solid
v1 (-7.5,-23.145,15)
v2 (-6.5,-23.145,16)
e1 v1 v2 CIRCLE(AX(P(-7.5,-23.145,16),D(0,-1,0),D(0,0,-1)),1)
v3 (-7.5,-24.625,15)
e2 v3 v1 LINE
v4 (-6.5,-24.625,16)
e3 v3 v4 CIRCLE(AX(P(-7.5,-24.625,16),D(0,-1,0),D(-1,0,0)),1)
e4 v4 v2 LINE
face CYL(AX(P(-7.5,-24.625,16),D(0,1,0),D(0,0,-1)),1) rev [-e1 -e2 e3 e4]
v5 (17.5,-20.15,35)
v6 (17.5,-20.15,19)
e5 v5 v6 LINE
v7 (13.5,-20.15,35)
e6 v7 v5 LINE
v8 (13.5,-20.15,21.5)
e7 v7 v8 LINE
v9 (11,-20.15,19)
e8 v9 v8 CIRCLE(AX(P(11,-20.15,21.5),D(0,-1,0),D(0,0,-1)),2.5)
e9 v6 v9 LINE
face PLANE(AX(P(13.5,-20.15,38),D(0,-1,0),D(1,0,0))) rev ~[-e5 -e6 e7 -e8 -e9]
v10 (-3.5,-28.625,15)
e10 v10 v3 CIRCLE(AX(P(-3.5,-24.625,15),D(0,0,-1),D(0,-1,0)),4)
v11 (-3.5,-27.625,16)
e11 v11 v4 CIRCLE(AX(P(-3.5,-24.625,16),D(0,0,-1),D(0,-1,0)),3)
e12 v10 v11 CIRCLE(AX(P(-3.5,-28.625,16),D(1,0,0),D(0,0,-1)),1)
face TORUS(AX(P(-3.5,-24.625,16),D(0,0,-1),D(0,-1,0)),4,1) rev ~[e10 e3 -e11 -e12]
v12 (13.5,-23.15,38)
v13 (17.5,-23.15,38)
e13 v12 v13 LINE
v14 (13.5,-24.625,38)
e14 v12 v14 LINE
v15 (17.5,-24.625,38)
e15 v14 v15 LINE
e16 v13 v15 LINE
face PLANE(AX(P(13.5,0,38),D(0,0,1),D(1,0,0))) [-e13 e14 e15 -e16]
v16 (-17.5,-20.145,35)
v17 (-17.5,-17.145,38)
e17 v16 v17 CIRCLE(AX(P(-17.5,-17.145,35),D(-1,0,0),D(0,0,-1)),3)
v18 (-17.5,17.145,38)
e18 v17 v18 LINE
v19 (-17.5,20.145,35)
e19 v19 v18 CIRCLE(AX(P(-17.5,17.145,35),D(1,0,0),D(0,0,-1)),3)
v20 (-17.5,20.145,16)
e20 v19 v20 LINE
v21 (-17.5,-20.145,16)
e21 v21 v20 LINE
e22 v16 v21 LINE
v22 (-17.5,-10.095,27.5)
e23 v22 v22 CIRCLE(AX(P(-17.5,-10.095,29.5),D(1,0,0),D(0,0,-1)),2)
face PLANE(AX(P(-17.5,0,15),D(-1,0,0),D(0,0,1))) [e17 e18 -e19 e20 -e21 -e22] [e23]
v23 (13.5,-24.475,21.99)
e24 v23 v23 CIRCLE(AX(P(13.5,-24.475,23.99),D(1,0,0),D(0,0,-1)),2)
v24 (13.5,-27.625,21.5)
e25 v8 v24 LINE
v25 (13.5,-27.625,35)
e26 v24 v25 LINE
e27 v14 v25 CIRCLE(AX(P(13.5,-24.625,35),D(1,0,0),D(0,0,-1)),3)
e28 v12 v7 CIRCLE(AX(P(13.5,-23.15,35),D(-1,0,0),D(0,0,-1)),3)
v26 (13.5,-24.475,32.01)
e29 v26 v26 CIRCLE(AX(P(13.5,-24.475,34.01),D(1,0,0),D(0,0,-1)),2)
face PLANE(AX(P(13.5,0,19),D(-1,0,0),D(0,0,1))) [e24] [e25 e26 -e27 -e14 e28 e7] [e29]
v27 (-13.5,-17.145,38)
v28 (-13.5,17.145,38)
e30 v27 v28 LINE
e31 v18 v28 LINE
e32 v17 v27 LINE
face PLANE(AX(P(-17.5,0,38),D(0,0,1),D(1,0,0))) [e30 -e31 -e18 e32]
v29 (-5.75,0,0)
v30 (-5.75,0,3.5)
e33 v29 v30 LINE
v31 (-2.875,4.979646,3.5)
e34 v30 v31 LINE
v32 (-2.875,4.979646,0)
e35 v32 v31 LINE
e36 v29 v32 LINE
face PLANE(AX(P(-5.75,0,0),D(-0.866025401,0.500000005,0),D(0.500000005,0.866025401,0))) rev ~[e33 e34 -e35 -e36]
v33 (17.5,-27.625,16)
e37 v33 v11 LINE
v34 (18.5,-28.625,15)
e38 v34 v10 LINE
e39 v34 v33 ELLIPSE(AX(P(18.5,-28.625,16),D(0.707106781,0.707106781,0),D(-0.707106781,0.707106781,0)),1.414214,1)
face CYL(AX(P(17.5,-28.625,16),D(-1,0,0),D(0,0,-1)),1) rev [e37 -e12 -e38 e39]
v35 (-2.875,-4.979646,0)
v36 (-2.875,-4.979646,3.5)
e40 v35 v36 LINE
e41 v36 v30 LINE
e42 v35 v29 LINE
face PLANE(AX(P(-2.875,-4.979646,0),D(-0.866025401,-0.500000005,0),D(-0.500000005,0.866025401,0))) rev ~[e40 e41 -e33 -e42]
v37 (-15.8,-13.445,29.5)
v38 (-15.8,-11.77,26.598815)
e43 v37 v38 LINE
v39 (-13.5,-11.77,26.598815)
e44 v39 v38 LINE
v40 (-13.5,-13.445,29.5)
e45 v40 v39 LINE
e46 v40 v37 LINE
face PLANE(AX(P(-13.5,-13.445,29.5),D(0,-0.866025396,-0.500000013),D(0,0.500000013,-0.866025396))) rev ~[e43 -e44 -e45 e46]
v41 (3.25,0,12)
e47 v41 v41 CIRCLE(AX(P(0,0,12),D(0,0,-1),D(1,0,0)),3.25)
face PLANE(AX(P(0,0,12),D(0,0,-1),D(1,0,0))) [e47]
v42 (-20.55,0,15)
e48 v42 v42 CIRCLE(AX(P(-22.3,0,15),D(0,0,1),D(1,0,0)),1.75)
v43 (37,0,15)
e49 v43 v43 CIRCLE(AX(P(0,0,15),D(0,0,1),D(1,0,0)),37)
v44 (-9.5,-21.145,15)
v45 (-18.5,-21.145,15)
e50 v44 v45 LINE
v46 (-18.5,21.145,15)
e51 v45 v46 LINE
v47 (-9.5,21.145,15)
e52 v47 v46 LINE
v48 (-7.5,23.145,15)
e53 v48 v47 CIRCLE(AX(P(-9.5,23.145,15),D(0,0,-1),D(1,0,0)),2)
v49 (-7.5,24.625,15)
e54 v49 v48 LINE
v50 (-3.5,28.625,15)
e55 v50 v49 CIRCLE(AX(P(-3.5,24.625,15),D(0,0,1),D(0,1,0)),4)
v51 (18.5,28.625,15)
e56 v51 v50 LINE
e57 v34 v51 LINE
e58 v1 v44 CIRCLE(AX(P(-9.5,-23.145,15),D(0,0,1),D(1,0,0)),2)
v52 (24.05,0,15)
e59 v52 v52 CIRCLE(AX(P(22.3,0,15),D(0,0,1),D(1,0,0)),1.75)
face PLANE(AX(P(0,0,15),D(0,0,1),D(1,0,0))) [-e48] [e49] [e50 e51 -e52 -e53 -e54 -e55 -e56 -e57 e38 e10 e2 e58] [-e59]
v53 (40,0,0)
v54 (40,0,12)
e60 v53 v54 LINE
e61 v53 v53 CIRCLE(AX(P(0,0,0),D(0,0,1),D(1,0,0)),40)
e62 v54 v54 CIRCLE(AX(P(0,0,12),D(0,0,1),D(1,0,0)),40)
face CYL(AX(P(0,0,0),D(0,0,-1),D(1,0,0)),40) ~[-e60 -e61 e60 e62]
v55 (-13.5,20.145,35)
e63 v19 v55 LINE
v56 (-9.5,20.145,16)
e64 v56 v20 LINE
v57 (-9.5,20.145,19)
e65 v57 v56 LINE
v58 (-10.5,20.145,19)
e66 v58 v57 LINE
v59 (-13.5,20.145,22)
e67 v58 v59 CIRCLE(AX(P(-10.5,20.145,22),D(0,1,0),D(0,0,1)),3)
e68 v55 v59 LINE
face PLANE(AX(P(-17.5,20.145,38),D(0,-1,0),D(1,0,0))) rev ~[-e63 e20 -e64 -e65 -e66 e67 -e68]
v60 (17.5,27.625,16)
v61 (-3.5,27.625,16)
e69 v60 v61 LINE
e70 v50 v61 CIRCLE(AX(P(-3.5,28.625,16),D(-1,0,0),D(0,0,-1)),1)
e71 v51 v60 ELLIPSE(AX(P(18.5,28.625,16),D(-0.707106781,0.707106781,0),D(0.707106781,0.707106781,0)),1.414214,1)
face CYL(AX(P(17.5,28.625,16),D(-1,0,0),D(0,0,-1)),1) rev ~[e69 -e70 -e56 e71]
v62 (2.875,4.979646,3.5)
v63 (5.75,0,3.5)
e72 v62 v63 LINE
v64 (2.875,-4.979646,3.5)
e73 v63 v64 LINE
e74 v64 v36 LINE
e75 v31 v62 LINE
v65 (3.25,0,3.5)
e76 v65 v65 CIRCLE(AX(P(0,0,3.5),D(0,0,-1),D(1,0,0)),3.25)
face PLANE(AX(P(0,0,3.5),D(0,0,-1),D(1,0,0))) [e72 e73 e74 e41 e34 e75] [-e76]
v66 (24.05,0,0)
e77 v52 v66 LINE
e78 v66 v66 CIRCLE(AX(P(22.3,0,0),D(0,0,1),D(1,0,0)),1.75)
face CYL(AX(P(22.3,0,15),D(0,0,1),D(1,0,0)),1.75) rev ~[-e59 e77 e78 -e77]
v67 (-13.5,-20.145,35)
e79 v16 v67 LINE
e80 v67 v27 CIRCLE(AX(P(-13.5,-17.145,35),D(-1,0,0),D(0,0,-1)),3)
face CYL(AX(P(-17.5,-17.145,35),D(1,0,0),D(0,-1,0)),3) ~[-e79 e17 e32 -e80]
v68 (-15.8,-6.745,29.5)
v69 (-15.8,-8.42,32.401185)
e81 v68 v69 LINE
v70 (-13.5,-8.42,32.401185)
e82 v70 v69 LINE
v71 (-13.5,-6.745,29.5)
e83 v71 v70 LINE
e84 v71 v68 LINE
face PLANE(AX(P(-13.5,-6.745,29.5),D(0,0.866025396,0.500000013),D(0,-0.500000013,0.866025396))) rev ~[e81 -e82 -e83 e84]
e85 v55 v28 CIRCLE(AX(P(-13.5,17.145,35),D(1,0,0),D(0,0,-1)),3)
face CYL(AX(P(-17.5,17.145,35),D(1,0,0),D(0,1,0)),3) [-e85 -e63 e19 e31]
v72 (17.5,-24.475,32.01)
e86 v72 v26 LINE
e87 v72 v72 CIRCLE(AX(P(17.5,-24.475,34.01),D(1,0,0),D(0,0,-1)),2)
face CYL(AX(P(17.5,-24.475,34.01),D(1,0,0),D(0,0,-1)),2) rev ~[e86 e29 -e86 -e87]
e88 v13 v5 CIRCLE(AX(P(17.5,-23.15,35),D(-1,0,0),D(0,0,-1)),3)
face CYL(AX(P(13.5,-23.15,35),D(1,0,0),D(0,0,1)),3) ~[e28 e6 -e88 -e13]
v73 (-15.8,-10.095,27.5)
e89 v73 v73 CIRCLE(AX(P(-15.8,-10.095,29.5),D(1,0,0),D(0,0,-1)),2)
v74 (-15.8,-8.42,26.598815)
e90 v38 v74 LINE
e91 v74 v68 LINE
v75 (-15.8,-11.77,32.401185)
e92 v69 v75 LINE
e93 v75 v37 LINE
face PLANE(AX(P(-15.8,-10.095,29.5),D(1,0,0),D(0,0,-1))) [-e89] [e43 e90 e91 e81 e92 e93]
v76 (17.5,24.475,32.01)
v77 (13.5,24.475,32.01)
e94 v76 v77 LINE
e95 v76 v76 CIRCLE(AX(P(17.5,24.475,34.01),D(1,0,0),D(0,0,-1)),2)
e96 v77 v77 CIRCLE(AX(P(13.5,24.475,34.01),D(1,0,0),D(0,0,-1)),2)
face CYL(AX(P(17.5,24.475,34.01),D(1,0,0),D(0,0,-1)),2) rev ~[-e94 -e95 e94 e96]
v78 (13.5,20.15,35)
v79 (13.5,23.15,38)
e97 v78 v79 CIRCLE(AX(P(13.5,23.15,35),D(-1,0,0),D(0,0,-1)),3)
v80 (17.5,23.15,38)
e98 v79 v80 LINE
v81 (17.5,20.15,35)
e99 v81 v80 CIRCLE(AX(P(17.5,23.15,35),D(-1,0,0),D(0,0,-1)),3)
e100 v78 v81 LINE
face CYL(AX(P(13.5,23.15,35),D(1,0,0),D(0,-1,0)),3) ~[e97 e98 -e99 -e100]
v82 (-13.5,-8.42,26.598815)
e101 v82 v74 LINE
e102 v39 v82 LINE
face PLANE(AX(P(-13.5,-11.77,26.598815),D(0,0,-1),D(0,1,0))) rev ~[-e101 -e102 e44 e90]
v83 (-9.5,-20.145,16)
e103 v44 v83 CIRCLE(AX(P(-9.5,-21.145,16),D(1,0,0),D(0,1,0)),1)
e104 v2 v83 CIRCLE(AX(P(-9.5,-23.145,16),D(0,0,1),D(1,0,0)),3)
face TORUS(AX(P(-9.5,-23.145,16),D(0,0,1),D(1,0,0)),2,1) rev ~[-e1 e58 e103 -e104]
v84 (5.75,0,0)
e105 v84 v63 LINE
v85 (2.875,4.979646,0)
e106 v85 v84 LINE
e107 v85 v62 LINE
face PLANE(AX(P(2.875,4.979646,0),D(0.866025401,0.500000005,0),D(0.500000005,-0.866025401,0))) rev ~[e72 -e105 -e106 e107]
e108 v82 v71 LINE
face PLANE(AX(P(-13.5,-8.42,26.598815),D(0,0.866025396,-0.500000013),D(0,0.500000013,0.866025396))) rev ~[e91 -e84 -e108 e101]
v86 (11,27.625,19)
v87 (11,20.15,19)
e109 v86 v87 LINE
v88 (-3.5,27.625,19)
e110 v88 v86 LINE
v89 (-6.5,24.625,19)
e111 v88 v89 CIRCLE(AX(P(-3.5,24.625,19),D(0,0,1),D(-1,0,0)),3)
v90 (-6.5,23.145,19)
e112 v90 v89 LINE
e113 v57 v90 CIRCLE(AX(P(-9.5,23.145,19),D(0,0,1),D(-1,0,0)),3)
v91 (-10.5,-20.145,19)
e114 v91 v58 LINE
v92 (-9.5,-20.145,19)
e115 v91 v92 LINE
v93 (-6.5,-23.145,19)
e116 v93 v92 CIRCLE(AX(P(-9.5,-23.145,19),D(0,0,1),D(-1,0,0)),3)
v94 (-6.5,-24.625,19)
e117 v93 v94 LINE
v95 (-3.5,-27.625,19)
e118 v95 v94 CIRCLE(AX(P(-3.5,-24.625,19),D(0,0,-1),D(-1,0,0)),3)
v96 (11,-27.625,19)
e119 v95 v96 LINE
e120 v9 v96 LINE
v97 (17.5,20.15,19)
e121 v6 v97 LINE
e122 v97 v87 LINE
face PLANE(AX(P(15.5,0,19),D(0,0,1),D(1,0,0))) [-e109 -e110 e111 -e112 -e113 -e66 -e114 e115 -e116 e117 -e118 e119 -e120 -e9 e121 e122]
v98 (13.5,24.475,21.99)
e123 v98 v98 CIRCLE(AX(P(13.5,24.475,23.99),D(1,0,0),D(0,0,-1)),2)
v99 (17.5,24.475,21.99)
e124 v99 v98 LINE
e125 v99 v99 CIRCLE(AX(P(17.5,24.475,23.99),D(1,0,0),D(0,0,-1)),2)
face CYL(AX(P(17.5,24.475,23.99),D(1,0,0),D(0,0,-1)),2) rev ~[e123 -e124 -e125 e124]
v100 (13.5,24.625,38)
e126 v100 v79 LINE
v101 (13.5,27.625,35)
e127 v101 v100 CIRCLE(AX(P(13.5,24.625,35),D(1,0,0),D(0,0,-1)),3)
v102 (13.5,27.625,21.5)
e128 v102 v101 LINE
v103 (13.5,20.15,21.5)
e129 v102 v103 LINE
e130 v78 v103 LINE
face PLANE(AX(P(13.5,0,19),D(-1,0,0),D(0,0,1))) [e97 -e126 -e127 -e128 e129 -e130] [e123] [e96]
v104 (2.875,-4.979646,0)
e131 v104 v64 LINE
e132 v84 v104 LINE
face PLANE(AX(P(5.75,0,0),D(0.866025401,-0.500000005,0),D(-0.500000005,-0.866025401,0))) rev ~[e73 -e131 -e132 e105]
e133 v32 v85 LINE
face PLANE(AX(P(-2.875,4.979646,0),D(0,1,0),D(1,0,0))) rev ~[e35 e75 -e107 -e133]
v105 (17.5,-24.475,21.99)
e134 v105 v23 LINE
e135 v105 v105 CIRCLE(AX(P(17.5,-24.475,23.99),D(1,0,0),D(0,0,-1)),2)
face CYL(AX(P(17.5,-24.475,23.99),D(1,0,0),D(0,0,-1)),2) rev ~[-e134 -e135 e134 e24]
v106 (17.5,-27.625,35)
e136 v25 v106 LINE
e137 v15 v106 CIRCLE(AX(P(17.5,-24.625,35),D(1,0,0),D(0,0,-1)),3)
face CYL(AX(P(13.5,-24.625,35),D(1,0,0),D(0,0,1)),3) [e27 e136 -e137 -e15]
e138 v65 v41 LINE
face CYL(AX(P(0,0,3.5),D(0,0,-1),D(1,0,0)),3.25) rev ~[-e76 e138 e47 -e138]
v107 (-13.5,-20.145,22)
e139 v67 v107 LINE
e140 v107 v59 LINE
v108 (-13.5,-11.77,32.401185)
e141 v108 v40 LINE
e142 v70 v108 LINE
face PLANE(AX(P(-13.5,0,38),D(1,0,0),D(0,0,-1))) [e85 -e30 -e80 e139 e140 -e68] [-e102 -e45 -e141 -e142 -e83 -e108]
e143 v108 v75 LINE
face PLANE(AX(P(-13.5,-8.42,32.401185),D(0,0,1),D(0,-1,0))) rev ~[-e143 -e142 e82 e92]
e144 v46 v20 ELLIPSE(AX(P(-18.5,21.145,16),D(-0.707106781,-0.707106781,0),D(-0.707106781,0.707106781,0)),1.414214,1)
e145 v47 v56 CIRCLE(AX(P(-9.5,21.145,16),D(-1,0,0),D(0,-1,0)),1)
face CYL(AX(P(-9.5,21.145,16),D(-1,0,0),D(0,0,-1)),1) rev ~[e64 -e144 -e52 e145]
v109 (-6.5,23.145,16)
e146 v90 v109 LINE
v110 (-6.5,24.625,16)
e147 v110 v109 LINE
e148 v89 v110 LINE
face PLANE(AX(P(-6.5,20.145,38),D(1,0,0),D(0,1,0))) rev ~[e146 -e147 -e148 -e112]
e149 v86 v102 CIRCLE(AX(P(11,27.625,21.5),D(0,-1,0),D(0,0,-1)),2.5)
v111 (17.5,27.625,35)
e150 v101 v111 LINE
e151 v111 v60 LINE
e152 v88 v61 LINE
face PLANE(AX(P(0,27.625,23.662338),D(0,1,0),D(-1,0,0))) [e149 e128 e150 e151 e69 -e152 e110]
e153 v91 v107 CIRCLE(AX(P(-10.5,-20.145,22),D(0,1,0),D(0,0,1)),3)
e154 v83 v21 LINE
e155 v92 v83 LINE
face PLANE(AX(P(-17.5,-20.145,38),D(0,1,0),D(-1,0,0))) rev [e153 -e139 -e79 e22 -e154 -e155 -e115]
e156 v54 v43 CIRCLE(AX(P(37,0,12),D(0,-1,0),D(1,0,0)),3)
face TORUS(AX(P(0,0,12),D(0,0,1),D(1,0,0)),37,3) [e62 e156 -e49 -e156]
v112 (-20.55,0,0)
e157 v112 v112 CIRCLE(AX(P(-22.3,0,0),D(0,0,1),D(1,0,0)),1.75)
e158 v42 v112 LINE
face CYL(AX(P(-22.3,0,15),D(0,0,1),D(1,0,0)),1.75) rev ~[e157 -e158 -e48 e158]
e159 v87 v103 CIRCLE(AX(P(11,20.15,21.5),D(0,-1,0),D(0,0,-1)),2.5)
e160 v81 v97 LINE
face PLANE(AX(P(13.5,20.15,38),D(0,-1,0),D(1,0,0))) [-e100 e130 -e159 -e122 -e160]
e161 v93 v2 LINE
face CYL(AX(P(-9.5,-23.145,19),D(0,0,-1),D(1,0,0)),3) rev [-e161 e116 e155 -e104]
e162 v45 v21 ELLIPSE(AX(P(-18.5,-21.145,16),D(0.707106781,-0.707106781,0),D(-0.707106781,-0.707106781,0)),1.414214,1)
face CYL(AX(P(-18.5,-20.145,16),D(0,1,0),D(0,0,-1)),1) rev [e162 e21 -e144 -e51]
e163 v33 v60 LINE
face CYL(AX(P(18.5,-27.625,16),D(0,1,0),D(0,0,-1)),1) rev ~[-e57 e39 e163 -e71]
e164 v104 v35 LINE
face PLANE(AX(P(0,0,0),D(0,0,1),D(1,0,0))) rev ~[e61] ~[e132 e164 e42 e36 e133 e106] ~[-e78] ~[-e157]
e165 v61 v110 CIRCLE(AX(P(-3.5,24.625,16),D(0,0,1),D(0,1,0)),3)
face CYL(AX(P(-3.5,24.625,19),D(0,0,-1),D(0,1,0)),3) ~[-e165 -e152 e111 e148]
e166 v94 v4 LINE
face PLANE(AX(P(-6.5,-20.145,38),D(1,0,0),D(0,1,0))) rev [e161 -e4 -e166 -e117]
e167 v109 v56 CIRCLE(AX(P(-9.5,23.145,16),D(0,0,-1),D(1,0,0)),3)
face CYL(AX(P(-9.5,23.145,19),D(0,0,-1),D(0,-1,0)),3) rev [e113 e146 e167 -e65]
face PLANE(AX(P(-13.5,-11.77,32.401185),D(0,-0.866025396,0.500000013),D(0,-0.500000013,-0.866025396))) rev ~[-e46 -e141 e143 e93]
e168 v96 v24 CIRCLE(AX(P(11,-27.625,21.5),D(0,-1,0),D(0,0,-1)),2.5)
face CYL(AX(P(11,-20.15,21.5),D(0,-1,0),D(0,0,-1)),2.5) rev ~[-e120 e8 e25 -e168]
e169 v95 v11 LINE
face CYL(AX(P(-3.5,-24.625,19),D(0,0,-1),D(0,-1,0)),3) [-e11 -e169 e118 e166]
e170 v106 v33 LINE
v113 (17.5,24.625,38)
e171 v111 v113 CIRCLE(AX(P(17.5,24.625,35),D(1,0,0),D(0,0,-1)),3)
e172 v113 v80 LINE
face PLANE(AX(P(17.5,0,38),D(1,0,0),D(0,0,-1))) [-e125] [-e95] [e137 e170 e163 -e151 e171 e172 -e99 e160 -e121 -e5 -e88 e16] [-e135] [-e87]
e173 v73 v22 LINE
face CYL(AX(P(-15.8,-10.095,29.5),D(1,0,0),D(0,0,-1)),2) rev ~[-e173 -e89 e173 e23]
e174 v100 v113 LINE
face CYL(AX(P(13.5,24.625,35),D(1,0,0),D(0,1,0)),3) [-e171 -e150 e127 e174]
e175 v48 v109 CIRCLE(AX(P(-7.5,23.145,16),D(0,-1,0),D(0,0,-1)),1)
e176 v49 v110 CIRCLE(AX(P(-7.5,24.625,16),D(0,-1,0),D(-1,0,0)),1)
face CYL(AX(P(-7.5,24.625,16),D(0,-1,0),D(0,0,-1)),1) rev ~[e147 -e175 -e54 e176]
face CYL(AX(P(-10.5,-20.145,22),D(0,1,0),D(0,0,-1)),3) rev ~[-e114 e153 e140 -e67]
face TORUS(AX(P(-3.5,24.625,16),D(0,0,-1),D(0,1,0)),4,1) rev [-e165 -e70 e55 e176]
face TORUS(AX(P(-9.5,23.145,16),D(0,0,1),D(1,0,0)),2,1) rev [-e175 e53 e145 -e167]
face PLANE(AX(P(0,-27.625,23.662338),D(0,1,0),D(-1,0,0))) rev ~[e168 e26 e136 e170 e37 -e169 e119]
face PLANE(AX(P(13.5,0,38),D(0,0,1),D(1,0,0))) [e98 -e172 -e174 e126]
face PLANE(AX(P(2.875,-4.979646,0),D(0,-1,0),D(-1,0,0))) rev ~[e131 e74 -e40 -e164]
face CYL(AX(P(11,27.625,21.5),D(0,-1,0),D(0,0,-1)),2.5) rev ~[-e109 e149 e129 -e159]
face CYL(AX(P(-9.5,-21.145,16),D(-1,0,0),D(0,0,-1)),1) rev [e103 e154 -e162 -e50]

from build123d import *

# Parameters (mm, degrees)
PAD001_DEPTH            = 27.625
SKETCH006_W             = 4
SKETCH006_H             = 40.3
POCKET003_DEPTH         = 19
SKETCH007_W             = 11
SKETCH007_H             = 7.48
POCKET004_DEPTH         = 161.659754
SKETCH008_R             = 2
POCKET005_DEPTH         = 5
POCKET006_DEPTH         = 2.3
SKETCH010_R             = 2
POCKET007_DEPTH         = 1.7
FILLET001_R             = 3
FILLET002_R             = 2.5
BODY001_PLACEMENT_ANGLE = 90
SKETCH_R                = 40
PAD_DEPTH               = 15
POCKET_DEPTH            = 3.5
SKETCH002_R             = 3.25
POCKET001_DEPTH         = 8.5
SKETCH003_R             = 1.75
POCKET002_DEPTH         = 15.001
FILLET_R                = 3
FILLET003_R             = 1


with BuildPart() as body001:
    # Sketch005 → Pad001 (new body, symmetric)
    with BuildSketch(Plane.YZ):
        Polygon((-17.5, 23), (-17.5, 0), (17.5, 0), (17.5, 23), (13.5, 23), (13.5, 4), (-13.5, 4), (-13.5, 23), align=None)
    extrude(amount=PAD001_DEPTH, both=True)

    # Sketch006 (on Face8 of Pad001) → Pocket003 (cut)
    with BuildSketch(Plane(origin=(0, 0, 23), x_dir=(0, -1, 0), z_dir=(0, 0, 1))):
        with Locations((15.5, 0)):
            Rectangle(SKETCH006_W, SKETCH006_H)
    extrude(amount=-POCKET003_DEPTH, mode=Mode.SUBTRACT)

    # Sketch007 (on Face11 of Pocket003) → Pocket004 (cut, through all)
    with BuildSketch(Plane(origin=(0, 0, 23), x_dir=(0, -1, 0), z_dir=(0, 0, 1))):
        with Locations((-12, 23.885)):
            Rectangle(SKETCH007_W, SKETCH007_H)
    pocket004 = extrude(amount=-POCKET004_DEPTH, mode=Mode.SUBTRACT)

    # Mirrored: Pocket004 across YZ
    add(pocket004.mirror(Plane.YZ), mode=Mode.SUBTRACT)

    # Sketch008 (on Face1 of Mirrored) → Pocket005 (cut)
    with BuildSketch(Plane(origin=(0, -17.5, 0), x_dir=(0, 0, -1), z_dir=(0, -1, 0))):
        with Locations((-19.01, -24.475)):
            Circle(SKETCH008_R)
        with Locations((-8.99, -24.475)):
            Circle(SKETCH008_R)
        with Locations((-8.99, 24.475)):
            Circle(SKETCH008_R)
        with Locations((-19.01, 24.475)):
            Circle(SKETCH008_R)
    extrude(amount=-POCKET005_DEPTH, mode=Mode.SUBTRACT)

    # Sketch009 (on Face22 of Pocket005) → Pocket006 (cut)
    with BuildSketch(Plane(origin=(0, 13.5, 0), x_dir=(0, 0, -1), z_dir=(0, -1, 0))):
        Polygon((-11.598815, -11.77), (-11.598815, -8.42), (-14.5, -6.745), (-17.401185, -8.42), (-17.401185, -11.77), (-14.5, -13.445), align=None)
    extrude(amount=-POCKET006_DEPTH, mode=Mode.SUBTRACT)

    # Sketch010 (on Face30 of Pocket006) → Pocket007 (cut)
    with BuildSketch(Plane(origin=(0, 15.8, 0), x_dir=(0, 0, -1), z_dir=(0, -1, 0))):
        with Locations((-14.5, -10.095)):
            Circle(SKETCH010_R)
    extrude(amount=-POCKET007_DEPTH, mode=Mode.SUBTRACT)

    # Fillet001
    fillet001_edges = [body001.edges().sort_by_distance(p)[0] for p in [
        (-20.15, -15.5, 23),
        (-27.625, -15.5, 23),
        (20.15, -15.5, 23),
        (27.625, -15.5, 23),
        (20.145, 15.5, 23),
        (27.625, 6.5, 2),
        (-20.145, 15.5, 23),
        (-27.625, 6.5, 2),
        (-20.145, 6.5, 2),
        (20.145, 6.5, 2),
        (0, 13.5, 4),
    ]]
    fillet(fillet001_edges, radius=FILLET001_R)

    # Fillet002
    fillet002_edges = [body001.edges().sort_by_distance(p)[0] for p in [
        (-23.8875, -13.5, 4),
        (23.8875, -13.5, 4),
    ]]
    fillet(fillet002_edges, radius=FILLET002_R)


with BuildPart() as body001_1:
    # Body001 placement: moved
    add(body001.part.moved(Location((0, 0, 15))).rotate(Axis((0, 0, 15), (0, 0, 1)), BODY001_PLACEMENT_ANGLE))


with BuildPart() as body:
    # Sketch → Pad (new body)
    with BuildSketch(Plane.XY):
        Circle(SKETCH_R)
    extrude(amount=PAD_DEPTH)

    # Sketch001 (on Face2 of Pad) → Pocket (cut)
    with BuildSketch(Plane(origin=(0, 0, 0), x_dir=(1, 0, 0), z_dir=(0, 0, -1))):
        Polygon((2.875, -4.979646), (5.75, 0), (2.875, 4.979646), (-2.875, 4.979646), (-5.75, 0), (-2.875, -4.979646), align=None)
    extrude(amount=-POCKET_DEPTH, mode=Mode.SUBTRACT)

    # Sketch002 (on Face10 of Pocket) → Pocket001 (cut)
    with BuildSketch(Plane(origin=(0, 0, 3.5), x_dir=(1, 0, 0), z_dir=(0, 0, -1))):
        Circle(SKETCH002_R)
    extrude(amount=-POCKET001_DEPTH, mode=Mode.SUBTRACT)

    # Sketch003 (on Face3 of Pocket001) → Pocket002 (cut, through all)
    with BuildSketch(Plane.XY.offset(15)):
        with Locations((22.3, 0)):
            Circle(SKETCH003_R)
        with Locations((-22.3, 0)):
            Circle(SKETCH003_R)
    extrude(amount=-POCKET002_DEPTH, mode=Mode.SUBTRACT)

    # Fillet
    fillet_edges = [body.edges().sort_by_distance(p)[0] for p in [
        (-40, 0, 15),
    ]]
    fillet(fillet_edges, radius=FILLET_R)

    # Boolean: union Body001
    add(body001_1.part)

    # Fillet003
    fillet003_edges = [body.edges().sort_by_distance(p)[0] for p in [
        (17.5, 0, 15),
        (7, 27.625, 15),
        (7, -27.625, 15),
        (-17.5, 0, 15),
    ]]
    fillet(fillet003_edges, radius=FILLET003_R)


solid = body.part
